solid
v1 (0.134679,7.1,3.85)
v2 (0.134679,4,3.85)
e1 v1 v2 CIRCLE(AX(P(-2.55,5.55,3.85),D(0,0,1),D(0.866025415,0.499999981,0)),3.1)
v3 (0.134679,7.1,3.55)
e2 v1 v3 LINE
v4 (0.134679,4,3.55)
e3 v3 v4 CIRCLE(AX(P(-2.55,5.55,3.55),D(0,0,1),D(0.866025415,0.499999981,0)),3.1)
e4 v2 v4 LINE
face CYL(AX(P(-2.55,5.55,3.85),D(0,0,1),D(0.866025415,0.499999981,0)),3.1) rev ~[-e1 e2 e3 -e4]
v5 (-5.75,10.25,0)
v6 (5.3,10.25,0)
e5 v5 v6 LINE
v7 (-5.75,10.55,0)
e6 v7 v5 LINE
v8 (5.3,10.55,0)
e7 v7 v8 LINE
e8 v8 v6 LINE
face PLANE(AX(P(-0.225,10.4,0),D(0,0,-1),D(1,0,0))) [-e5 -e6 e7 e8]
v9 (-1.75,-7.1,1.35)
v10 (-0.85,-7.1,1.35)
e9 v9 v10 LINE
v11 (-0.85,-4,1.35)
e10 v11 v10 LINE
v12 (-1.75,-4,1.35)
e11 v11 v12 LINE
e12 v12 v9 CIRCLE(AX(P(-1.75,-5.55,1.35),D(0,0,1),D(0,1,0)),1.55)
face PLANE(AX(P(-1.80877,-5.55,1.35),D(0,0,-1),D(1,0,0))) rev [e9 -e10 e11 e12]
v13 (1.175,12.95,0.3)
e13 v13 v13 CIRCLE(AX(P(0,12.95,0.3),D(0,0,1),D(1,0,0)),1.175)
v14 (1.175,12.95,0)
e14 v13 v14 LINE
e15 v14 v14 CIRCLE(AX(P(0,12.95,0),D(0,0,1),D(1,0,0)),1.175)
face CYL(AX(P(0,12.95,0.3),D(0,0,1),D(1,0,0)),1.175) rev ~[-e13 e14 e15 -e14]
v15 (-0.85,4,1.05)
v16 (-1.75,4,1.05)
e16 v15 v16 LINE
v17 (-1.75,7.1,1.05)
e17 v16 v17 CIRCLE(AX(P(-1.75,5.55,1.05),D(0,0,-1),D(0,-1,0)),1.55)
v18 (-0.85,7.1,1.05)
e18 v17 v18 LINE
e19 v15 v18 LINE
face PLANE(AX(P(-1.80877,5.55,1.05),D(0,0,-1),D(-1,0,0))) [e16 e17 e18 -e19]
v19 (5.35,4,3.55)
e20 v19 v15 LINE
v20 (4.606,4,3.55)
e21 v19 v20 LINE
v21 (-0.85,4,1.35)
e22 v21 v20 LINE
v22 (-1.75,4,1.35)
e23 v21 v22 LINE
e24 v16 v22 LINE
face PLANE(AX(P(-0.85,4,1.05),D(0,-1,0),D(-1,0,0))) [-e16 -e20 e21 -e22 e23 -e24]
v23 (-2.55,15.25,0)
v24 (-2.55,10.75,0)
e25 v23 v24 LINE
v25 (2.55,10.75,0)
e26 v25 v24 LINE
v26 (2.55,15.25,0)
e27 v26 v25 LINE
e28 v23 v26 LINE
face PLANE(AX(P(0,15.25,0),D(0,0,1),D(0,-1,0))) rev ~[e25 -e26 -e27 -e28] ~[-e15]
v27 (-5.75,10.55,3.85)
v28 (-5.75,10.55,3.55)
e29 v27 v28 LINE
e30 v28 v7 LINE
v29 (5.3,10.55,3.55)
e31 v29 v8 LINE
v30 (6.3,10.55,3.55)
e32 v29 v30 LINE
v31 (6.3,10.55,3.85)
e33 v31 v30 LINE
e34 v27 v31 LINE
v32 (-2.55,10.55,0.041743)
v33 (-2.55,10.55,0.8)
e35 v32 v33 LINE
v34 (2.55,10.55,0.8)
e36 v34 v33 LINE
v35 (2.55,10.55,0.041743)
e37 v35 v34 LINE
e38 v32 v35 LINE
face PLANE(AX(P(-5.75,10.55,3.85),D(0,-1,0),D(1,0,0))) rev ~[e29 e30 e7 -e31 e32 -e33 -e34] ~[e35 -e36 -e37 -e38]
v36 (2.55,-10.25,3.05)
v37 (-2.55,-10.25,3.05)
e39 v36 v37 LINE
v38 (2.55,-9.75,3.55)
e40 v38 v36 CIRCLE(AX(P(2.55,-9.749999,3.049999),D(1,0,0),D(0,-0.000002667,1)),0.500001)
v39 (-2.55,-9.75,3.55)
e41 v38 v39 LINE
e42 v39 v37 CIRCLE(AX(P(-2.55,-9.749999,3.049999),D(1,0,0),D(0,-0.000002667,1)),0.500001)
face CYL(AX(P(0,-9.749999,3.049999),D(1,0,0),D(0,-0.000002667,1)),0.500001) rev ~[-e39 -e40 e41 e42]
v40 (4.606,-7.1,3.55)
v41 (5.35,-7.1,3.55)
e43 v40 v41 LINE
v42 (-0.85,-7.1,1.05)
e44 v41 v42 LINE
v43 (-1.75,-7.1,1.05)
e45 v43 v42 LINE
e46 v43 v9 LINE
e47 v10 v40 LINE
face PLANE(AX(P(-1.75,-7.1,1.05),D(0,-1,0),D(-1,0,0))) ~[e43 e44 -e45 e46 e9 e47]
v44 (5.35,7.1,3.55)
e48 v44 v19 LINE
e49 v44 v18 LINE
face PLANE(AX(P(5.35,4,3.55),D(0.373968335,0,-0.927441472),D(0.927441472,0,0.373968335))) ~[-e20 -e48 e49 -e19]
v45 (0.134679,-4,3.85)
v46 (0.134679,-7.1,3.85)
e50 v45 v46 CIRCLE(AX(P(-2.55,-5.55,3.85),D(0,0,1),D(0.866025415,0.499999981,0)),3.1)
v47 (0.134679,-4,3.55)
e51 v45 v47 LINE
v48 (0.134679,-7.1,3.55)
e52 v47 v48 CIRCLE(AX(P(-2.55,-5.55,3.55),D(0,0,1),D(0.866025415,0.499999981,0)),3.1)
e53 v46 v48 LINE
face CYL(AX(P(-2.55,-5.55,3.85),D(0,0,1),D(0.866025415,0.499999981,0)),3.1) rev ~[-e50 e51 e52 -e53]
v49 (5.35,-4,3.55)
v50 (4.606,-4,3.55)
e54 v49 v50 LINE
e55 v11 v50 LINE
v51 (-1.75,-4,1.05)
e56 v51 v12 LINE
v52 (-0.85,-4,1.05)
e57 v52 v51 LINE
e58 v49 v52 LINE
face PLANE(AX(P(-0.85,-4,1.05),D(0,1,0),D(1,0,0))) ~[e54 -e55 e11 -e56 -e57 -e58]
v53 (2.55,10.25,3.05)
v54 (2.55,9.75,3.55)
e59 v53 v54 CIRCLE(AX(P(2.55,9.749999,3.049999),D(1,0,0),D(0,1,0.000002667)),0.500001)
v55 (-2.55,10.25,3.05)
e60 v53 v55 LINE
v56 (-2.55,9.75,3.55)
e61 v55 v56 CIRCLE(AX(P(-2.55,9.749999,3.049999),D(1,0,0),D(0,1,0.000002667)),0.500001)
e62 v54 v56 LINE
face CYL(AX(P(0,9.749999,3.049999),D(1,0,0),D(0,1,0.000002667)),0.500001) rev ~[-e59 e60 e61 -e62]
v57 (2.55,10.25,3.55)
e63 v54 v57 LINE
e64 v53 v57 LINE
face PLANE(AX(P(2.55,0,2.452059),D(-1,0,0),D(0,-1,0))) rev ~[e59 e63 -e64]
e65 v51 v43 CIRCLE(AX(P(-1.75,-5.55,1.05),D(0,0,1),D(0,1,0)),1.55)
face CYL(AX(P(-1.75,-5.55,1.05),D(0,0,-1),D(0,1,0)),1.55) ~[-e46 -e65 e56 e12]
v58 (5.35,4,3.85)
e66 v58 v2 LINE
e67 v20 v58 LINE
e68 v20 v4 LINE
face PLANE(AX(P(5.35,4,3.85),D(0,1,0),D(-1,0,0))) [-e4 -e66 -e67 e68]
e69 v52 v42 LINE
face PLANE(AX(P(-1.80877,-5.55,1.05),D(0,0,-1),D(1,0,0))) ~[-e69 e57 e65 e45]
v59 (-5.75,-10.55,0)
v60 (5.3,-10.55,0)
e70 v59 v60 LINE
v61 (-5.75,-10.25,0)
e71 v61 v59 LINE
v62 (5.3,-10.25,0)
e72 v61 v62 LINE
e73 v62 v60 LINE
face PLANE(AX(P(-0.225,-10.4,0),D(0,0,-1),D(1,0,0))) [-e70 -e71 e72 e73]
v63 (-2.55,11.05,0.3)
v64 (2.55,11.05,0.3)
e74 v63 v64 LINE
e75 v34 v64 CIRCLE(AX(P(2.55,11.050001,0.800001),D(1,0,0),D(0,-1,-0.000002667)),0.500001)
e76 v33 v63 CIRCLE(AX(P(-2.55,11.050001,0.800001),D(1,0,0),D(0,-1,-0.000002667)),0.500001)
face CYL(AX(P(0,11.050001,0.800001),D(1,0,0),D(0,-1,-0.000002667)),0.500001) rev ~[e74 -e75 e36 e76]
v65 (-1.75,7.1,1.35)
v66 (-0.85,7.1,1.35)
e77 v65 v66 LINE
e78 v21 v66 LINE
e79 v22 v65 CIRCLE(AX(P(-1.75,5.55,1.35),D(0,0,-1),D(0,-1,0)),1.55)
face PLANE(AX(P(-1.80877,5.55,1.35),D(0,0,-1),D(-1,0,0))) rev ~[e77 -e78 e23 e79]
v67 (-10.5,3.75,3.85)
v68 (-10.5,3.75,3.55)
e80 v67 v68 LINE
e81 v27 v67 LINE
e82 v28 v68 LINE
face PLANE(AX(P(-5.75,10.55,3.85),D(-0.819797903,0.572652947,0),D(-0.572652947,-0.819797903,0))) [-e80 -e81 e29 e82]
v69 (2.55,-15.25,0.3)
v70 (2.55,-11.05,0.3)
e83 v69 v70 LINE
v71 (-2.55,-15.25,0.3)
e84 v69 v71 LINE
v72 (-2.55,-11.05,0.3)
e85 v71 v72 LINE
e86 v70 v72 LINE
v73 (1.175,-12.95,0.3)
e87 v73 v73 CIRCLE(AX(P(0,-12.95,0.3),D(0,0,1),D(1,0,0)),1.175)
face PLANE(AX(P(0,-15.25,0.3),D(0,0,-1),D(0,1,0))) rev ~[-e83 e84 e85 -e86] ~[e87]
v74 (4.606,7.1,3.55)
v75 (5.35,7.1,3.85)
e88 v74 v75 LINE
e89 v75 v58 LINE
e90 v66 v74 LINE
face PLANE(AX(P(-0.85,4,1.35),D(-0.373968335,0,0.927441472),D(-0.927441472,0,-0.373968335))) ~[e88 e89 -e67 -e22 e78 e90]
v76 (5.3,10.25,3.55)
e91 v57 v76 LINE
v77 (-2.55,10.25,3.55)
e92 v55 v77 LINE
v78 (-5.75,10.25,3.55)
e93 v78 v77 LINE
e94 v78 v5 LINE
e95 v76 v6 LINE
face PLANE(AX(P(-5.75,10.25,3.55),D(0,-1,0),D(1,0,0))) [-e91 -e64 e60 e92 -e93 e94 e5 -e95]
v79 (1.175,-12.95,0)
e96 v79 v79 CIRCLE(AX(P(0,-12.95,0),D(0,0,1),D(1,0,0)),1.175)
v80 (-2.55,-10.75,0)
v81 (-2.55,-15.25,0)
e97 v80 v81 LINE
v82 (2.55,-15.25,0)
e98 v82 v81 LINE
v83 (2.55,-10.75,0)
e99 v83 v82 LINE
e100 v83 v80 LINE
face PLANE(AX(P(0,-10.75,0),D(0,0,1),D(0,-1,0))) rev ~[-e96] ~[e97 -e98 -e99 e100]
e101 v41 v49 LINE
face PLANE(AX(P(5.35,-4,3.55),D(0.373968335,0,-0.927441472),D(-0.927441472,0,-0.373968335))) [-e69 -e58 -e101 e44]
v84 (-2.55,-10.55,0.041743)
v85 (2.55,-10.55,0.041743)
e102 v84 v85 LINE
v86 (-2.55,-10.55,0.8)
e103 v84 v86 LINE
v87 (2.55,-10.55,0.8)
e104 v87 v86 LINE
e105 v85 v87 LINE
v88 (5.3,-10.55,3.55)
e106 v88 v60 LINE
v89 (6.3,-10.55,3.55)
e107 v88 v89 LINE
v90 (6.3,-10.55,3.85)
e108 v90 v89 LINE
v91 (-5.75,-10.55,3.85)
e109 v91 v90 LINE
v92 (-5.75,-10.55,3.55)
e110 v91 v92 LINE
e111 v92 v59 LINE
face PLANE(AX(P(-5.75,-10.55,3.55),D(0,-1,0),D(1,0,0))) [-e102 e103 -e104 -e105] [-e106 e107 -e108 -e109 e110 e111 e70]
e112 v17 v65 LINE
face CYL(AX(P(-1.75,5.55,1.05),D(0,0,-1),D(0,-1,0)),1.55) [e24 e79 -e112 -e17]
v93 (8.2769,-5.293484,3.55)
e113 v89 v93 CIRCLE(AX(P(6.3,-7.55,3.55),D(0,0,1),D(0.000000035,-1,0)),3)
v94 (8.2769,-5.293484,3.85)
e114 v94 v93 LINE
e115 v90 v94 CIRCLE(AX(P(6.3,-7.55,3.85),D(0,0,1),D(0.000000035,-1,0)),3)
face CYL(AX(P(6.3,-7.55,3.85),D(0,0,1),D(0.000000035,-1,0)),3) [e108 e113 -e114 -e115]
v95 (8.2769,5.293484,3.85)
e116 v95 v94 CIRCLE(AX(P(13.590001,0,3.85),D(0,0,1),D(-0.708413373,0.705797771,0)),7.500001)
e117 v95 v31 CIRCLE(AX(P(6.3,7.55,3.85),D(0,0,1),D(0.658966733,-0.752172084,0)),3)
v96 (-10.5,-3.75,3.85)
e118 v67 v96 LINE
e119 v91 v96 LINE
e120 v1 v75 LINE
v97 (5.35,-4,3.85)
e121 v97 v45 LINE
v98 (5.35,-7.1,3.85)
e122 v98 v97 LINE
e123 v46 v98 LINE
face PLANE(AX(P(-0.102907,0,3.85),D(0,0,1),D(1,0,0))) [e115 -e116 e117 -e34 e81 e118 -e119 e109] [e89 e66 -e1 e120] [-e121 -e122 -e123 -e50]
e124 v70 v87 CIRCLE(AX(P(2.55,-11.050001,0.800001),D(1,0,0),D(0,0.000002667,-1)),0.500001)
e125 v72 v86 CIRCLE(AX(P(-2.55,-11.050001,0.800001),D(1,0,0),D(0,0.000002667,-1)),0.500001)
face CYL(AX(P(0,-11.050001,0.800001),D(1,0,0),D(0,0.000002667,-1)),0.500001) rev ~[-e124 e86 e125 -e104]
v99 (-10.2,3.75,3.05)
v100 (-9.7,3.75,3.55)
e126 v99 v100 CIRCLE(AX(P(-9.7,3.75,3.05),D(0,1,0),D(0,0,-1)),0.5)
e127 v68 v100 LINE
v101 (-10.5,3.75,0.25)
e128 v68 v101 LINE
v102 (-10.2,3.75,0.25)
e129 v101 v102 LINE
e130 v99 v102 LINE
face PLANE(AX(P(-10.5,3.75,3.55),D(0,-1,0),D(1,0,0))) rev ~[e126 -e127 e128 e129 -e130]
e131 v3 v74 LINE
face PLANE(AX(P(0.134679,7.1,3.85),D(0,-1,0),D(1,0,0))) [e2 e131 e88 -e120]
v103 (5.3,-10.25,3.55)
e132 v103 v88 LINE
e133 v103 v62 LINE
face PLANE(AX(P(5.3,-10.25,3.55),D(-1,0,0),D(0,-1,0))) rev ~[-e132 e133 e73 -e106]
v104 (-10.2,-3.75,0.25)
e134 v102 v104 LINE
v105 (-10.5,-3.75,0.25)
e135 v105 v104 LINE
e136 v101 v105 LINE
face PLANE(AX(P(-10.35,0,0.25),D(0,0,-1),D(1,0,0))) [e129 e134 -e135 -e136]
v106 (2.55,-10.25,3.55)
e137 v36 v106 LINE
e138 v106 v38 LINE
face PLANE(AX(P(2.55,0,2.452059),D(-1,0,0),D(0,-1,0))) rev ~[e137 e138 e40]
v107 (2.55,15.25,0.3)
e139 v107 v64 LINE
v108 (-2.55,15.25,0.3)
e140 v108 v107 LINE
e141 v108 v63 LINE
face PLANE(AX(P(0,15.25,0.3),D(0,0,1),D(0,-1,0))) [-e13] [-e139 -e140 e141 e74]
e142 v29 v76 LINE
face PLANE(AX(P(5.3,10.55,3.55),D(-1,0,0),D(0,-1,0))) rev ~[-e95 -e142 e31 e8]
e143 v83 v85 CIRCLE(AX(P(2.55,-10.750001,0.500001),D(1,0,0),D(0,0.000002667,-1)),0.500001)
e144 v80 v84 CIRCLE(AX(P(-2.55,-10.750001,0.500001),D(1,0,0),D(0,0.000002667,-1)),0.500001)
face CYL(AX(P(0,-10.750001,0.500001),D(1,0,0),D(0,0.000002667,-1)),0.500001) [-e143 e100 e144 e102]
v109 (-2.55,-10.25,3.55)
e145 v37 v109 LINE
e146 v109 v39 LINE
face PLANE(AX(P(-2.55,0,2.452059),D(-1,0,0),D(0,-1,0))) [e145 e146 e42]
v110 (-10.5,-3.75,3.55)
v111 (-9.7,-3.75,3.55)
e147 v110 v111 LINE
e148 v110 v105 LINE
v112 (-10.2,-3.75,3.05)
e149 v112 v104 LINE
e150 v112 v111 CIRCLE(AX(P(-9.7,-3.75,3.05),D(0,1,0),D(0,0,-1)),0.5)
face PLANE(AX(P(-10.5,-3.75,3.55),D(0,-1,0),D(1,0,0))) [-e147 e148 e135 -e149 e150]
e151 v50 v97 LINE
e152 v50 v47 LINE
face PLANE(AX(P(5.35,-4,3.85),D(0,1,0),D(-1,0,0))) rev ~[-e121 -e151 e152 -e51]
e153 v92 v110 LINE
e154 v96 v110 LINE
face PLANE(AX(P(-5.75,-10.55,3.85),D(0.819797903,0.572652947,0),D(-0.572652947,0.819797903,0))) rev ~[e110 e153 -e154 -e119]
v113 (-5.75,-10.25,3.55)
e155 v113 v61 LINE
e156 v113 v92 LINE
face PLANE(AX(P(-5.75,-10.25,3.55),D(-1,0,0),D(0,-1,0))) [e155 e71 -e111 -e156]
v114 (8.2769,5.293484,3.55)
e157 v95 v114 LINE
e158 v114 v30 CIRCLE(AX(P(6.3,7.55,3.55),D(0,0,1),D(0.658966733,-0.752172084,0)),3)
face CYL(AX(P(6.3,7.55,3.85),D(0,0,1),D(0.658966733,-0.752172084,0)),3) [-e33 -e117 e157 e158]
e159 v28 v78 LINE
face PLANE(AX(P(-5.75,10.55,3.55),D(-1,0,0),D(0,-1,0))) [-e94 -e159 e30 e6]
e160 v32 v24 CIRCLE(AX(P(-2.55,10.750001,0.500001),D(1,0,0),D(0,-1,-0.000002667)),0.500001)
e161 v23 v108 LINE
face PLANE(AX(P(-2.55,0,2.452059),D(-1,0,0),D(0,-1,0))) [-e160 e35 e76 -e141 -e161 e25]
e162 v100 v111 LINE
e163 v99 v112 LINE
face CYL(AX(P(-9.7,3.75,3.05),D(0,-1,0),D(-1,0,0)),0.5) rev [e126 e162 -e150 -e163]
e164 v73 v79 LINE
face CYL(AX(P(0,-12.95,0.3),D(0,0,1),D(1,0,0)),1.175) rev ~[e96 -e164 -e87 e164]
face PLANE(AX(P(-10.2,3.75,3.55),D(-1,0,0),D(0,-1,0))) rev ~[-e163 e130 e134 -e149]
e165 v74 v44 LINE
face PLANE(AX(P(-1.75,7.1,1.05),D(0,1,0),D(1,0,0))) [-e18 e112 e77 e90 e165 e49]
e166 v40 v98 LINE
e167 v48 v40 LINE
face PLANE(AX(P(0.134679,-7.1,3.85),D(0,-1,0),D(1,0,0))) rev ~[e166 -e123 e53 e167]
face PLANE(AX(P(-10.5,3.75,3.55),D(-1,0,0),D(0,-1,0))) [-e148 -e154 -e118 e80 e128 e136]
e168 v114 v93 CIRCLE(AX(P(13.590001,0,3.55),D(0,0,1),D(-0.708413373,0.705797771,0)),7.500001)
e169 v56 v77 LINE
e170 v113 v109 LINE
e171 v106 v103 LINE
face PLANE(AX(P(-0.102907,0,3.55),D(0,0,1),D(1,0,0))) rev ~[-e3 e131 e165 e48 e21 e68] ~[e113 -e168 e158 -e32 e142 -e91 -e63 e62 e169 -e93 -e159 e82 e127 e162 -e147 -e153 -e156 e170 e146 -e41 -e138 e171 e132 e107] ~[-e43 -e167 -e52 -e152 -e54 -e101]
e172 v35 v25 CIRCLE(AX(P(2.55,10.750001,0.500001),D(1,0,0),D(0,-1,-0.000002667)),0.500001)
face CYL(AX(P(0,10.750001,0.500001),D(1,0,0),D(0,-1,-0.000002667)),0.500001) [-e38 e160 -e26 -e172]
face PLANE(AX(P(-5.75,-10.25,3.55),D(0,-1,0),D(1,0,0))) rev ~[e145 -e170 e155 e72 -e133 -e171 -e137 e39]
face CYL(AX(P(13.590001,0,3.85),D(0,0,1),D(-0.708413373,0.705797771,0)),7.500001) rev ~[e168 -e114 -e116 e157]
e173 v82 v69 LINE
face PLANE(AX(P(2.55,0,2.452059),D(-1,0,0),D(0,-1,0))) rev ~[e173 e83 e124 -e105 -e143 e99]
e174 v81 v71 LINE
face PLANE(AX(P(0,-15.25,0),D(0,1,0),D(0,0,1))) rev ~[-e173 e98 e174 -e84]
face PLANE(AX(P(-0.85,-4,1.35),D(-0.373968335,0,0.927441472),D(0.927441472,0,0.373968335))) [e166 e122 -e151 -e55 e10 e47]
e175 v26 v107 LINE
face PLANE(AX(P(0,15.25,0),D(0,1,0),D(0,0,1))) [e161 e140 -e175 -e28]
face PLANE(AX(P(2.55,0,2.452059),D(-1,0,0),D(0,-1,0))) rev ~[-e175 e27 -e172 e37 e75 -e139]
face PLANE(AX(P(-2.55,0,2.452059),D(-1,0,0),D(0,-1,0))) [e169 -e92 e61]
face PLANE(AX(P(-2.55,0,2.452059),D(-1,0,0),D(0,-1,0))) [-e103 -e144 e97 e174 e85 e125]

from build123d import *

# Parameters (mm, degrees)
PAD001_DEPTH    = 2.55
SKETCH_R        = 1.175
POCKET_DEPTH    = 0.301
PAD_DEPTH       = 0.3
POCKET001_DEPTH = 3.851
SKETCH004_W     = 0.3
SKETCH004_H     = 7.5
PAD002_DEPTH    = 3.3
FILLET_R        = 0.5
SKETCH005_W     = 11.05
SKETCH005_H     = 0.3
PAD003_DEPTH    = 3.55
PAD004_DEPTH    = 3.1
PAD005_DEPTH    = 0.3


with BuildPart() as part:
    # Sketch001 (on YZ_Plane of Origin) → Pad001 (new body, symmetric)
    with BuildSketch(Plane.YZ):
        with BuildLine():
            Line((15.25, 0), (10.75, 0))
            ThreePointArc((10.25, 0.5), (10.396447, 0.146447), (10.75, 0))
            Line((10.25, 0.5), (10.25, 3.05))
            ThreePointArc((10.25, 3.05), (10.103553, 3.403553), (9.75, 3.55))
            Line((9.75, 3.55), (-9.75, 3.55))
            ThreePointArc((-9.75, 3.55), (-10.103553, 3.403553), (-10.25, 3.05))
            Line((-10.25, 3.05), (-10.25, 0.5))
            ThreePointArc((-10.75, 0), (-10.396447, 0.146447), (-10.25, 0.5))
            Line((-10.75, 0), (-15.25, 0))
            Line((-15.25, 0), (-15.25, 0.3))
            Line((-15.25, 0.3), (-11.05, 0.3))
            ThreePointArc((-11.05, 0.3), (-10.696447, 0.446447), (-10.55, 0.8))
            Line((-10.55, 0.8), (-10.55, 3.85))
            Line((10.55, 3.85), (-10.55, 3.85))
            Line((10.55, 0.8), (10.55, 3.85))
            ThreePointArc((10.55, 0.8), (10.696447, 0.446447), (11.05, 0.3))
            Line((15.25, 0.3), (11.05, 0.3))
            Line((15.25, 0), (15.25, 0.3))
        make_face()
    extrude(amount=PAD001_DEPTH, both=True)

    # Sketch (on Face18 of Pad001) → Pocket (cut, through all)
    with BuildSketch(Plane.XY.offset(0.3)):
        with Locations((0, 12.95)):
            Circle(SKETCH_R)
        with Locations((0, -12.95)):
            Circle(SKETCH_R)
    extrude(amount=-POCKET_DEPTH, mode=Mode.SUBTRACT)

    # Sketch002 → Pad (join)
    with BuildSketch(Plane.XY.offset(3.85)):
        with BuildLine():
            Line((-5.75, 10.55), (-10.5, 3.75))
            Line((-10.5, 3.75), (-10.5, -3.75))
            Line((-5.75, -10.55), (-10.5, -3.75))
            Line((-5.75, -10.55), (6.3, -10.55))
            ThreePointArc((6.3, -10.55), (9.107984, -8.606042), (8.2769, -5.293484))
            ThreePointArc((8.2769, 5.293484), (6.09, 0), (8.2769, -5.293484))
            ThreePointArc((8.2769, 5.293484), (9.107984, 8.606042), (6.3, 10.55))
            Line((-5.75, 10.55), (6.3, 10.55))
        make_face()
    extrude(amount=-PAD_DEPTH)

    # Sketch003 (on Face30 of Pad) → Pocket001 (cut, through all)
    with BuildSketch(Plane.XY.offset(3.85)):
        with BuildLine():
            ThreePointArc((0.134679, 7.1), (-5.65, 5.55), (0.134679, 4))
            Line((5.35, 4), (0.134679, 4))
            Line((5.35, 7.1), (5.35, 4))
            Line((0.134679, 7.1), (5.35, 7.1))
        make_face()
        with BuildLine():
            ThreePointArc((0.134679, -4), (-5.65, -5.55), (0.134679, -7.1))
            Line((0.134679, -7.1), (5.35, -7.1))
            Line((5.35, -7.1), (5.35, -4))
            Line((5.35, -4), (0.134679, -4))
        make_face()
    extrude(amount=-POCKET001_DEPTH, mode=Mode.SUBTRACT)

    # Sketch004 (on Face11 of Pocket001) → Pad002 (join)
    with BuildSketch(Plane(origin=(0, 0, 3.55), x_dir=(1, 0, 0), z_dir=(0, 0, -1))):
        with Locations((-10.35, 0)):
            Rectangle(SKETCH004_W, SKETCH004_H)
    extrude(amount=PAD002_DEPTH)

    # Fillet
    fillet_edges = [part.edges().sort_by_distance(p)[0] for p in [
        (-10.2, 0, 3.55),
    ]]
    fillet(fillet_edges, radius=FILLET_R)

    # Sketch005 (on Face11 of Pocket001) → Pad003 (join)
    with BuildSketch(Plane(origin=(0, 0, 3.55), x_dir=(1, 0, 0), z_dir=(0, 0, -1))):
        with Locations((-0.225, 10.4)):
            Rectangle(SKETCH005_W, SKETCH005_H)
        with Locations((-0.225, -10.4)):
            Rectangle(SKETCH005_W, SKETCH005_H)
    extrude(amount=PAD003_DEPTH)

    # Sketch006 (on XZ_Plane of Origin) → Pad004 (join)
    with BuildSketch(Plane.XZ.offset(4)):
        Polygon((-0.85, 1.35), (5.35, 3.85), (5.35, 3.55), (-0.85, 1.05), align=None)
    pad004 = extrude(amount=PAD004_DEPTH)

    # Mirrored: Pad004 across XZ
    add(pad004.mirror(Plane.XZ))

    # Sketch007 (on XY_Plane of Origin) → Pad005 (join)
    with BuildSketch(Plane.XY.offset(1.05)):
        with BuildLine():
            Line((-0.85, 4), (-1.75, 4))
            ThreePointArc((-1.75, 4), (-3.3, 5.55), (-1.75, 7.1))
            Line((-1.75, 7.1), (-0.85, 7.1))
            Line((-0.85, 7.1), (-0.85, 4))
        make_face()
    pad005 = extrude(amount=PAD005_DEPTH)

    # Mirrored001: Pad005 across Sketch007 H_Axis
    add(pad005.mirror(Plane(origin=(0, 0, 1.05), x_dir=(0, 0, 1), z_dir=(0, 1, 0))))


solid = part.part
